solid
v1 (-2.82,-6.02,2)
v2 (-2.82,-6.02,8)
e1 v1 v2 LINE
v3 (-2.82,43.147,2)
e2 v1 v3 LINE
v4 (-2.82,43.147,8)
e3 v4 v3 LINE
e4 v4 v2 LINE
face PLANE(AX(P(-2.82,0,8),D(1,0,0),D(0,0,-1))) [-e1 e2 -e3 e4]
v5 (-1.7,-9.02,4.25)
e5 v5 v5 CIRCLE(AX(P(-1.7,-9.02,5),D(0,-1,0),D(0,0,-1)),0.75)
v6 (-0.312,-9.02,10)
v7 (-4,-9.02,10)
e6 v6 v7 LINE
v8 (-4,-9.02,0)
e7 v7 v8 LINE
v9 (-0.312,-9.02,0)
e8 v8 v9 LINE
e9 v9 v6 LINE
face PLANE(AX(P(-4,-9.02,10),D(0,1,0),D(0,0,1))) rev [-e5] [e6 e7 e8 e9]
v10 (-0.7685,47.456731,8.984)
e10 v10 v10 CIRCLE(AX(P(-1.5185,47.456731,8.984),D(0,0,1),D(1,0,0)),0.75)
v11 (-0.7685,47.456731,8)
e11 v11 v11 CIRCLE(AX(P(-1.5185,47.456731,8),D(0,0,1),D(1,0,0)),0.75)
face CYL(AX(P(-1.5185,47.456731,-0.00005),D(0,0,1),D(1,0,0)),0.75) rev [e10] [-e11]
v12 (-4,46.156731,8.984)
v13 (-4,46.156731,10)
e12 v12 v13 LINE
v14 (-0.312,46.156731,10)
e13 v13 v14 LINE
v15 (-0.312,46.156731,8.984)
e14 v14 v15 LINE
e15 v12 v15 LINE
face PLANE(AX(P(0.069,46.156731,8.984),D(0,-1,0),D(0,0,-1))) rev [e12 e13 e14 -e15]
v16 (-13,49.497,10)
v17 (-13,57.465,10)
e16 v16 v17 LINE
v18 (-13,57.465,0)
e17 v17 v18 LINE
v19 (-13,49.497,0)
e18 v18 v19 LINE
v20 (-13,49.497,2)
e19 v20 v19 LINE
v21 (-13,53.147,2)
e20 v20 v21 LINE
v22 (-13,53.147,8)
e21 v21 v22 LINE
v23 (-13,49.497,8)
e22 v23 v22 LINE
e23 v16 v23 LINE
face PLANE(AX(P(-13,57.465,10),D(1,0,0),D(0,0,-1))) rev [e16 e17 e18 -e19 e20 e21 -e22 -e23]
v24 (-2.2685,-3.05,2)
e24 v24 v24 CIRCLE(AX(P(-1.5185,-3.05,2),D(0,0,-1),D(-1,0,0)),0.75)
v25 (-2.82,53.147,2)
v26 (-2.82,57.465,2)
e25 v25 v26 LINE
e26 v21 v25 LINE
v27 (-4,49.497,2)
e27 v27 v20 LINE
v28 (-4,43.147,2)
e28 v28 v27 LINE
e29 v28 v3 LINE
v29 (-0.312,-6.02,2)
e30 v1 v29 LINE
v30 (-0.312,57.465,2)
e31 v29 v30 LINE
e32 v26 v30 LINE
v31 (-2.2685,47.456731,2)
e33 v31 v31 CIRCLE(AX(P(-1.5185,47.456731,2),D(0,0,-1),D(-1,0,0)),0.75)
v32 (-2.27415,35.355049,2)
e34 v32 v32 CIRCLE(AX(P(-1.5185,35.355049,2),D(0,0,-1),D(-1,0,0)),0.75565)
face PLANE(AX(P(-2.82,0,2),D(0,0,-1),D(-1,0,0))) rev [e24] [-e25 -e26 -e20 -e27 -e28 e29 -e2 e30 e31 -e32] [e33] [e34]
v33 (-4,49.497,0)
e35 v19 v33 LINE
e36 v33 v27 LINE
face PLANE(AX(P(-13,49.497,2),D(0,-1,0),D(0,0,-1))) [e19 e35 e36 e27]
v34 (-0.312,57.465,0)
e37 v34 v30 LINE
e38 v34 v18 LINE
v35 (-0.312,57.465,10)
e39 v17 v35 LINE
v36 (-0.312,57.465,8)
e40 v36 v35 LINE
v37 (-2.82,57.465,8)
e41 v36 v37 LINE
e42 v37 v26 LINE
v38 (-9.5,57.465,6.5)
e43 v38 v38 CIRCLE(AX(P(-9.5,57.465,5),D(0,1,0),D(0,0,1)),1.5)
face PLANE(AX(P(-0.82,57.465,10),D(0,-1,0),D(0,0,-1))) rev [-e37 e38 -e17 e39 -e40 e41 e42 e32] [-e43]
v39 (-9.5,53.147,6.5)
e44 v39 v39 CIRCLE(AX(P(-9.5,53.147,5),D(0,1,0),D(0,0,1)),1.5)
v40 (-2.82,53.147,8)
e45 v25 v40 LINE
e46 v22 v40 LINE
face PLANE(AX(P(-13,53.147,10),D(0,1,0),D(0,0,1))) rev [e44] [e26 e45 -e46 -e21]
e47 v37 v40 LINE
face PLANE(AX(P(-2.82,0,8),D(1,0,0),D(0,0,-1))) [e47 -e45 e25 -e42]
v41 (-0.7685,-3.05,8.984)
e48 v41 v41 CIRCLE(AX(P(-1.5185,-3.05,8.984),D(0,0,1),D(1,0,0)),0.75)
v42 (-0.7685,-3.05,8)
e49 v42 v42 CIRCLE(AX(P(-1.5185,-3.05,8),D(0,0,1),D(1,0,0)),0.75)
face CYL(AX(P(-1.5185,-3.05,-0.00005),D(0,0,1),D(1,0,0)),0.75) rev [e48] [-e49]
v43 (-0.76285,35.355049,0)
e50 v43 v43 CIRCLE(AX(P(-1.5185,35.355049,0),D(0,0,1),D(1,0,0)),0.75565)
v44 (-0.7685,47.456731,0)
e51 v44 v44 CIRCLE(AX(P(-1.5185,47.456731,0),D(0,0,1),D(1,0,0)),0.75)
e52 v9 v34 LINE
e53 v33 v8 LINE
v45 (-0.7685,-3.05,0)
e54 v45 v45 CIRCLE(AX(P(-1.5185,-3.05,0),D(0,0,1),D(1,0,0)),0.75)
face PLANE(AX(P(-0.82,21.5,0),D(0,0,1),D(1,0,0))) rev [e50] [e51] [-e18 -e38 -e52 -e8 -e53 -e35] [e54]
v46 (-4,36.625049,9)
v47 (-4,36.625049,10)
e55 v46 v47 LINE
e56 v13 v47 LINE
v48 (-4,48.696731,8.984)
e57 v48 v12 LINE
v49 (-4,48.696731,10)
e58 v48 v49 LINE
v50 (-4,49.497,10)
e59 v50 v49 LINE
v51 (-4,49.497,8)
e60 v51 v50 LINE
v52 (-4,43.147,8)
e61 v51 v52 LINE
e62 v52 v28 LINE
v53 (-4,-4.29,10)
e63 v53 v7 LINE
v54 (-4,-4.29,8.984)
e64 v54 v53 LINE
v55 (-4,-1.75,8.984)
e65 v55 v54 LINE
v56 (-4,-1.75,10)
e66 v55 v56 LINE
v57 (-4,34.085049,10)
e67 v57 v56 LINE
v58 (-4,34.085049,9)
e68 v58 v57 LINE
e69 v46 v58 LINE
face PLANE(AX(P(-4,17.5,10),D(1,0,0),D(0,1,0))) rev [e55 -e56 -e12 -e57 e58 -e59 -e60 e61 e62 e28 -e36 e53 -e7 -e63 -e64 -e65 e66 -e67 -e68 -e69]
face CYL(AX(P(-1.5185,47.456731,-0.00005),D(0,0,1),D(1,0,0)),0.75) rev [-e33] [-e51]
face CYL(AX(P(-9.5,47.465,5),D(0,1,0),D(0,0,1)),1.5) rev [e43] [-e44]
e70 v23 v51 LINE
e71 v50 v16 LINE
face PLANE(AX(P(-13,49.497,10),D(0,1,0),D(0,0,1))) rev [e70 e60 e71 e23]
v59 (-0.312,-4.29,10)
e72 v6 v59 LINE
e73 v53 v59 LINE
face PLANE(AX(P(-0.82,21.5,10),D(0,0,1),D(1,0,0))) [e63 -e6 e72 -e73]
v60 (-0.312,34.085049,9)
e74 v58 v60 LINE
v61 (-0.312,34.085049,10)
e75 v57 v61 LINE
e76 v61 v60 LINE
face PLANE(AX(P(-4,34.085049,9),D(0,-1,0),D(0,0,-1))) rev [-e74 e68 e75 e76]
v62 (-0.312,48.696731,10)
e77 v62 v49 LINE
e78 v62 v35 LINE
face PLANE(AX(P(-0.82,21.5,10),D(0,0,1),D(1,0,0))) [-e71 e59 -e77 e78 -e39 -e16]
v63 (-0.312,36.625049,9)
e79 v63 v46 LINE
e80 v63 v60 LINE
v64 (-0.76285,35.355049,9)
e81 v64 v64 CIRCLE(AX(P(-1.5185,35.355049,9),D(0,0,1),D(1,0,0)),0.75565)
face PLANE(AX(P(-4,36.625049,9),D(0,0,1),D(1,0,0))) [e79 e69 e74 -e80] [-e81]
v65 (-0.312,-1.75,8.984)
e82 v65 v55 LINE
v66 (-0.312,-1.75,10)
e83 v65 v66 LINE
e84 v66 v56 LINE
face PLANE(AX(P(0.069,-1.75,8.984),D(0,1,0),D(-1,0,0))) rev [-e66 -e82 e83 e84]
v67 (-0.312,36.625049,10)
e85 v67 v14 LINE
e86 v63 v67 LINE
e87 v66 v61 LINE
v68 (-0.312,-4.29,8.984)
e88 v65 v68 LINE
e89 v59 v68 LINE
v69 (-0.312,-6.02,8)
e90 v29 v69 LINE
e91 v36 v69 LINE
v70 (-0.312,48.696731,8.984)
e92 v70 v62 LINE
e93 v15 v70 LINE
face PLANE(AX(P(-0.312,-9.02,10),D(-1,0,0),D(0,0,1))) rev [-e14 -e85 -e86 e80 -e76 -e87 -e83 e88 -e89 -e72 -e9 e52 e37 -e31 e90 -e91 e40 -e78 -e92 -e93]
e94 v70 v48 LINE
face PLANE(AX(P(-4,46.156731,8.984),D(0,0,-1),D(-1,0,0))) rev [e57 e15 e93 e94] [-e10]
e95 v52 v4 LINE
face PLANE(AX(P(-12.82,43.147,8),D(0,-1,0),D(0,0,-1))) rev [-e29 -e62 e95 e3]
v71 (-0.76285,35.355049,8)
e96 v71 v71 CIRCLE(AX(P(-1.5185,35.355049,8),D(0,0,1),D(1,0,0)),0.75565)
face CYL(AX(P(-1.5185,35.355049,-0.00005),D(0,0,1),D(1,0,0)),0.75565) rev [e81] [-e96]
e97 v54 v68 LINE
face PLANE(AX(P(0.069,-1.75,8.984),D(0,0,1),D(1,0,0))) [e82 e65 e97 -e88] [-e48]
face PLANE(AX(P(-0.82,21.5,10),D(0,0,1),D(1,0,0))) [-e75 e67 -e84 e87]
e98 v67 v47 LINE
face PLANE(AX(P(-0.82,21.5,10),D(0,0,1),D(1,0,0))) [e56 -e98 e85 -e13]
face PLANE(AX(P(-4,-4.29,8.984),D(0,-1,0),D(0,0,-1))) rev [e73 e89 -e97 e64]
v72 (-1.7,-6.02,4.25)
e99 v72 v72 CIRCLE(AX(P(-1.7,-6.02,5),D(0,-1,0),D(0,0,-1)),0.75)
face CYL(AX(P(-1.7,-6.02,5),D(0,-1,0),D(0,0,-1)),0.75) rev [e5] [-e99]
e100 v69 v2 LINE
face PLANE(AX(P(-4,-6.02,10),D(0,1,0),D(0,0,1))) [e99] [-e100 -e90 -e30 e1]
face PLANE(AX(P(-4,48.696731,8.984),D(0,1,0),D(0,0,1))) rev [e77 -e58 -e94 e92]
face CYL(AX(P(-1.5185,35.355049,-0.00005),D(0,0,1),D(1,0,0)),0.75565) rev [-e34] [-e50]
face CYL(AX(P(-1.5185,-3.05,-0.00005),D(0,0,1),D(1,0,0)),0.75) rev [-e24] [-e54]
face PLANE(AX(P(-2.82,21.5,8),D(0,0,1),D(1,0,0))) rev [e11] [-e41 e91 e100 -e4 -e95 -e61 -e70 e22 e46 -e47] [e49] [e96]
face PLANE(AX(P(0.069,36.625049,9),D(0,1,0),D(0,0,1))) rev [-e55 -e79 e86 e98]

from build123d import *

# Parameters (mm, degrees)
BOSS_EXTRUDE2_DEPTH = 10
SKETCH2_W           = 6
SKETCH2_H           = 21.5
CUT_EXTRUDE1_DEPTH  = 2
SKETCH18_W          = 10
SKETCH18_H          = 4
CUT_EXTRUDE6_DEPTH  = 2.32
BOSS_EXTRUDE4_DEPTH = 35.965
SKETCH20_W          = 10
SKETCH20_H          = 4.318
BOSS_EXTRUDE5_DEPTH = 9
SKETCH21_W          = 2
SKETCH21_H          = 57.465
BOSS_EXTRUDE6_DEPTH = 0.889
BOSS_EXTRUDE7_DEPTH = 9.02
CUT_EXTRUDE7_DEPTH  = 1.016
SKETCH24_W          = 4.069
SKETCH24_H          = 2.54
CUT_EXTRUDE8_DEPTH  = 1
SKETCH30_R          = 0.75565
CUT_EXTRUDE14_DEPTH = 95.738007626
SKETCH34_R          = 1.5
CUT_EXTRUDE18_DEPTH = 10
SKETCH35_R          = 0.75
CUT_EXTRUDE19_DEPTH = 60.59814159
SKETCH36_W          = 6
SKETCH36_H          = 10
CUT_EXTRUDE20_DEPTH = 10
SKETCH37_W          = 9
SKETCH37_H          = 2
BOSS_EXTRUDE8_DEPTH = 3.65
SKETCH38_W          = 4.069
SKETCH38_H          = 10
BOSS_EXTRUDE9_DEPTH = 3
SKETCH39_R          = 0.75
CUT_EXTRUDE21_DEPTH = 3
SKETCH40_W          = 0.381
SKETCH40_H          = 10
CUT_EXTRUDE22_DEPTH = 69.478136839


with BuildPart() as part:
    # Sketch1 → Boss-Extrude2 (new body)
    with BuildSketch(Plane.XY):
        Polygon((-4, 0), (-0.82, 0), (-0.82, 21.5), (-6.32, 21.5), (-6.32, 17.5), (-4, 17.5), align=None)
    extrude(amount=BOSS_EXTRUDE2_DEPTH)

    # Sketch2 → Cut-Extrude1 (cut)
    with BuildSketch(Plane(origin=(-0.82, 0, 0), x_dir=(0, 0, -1), z_dir=(1, 0, 0))):
        with Locations((-5, 10.75)):
            Rectangle(SKETCH2_W, SKETCH2_H)
    extrude(amount=-CUT_EXTRUDE1_DEPTH, mode=Mode.SUBTRACT)

    # Sketch18 → Cut-Extrude6 (cut)
    with BuildSketch(Plane.ZY.offset(6.32)):
        with Locations((5, 19.5)):
            Rectangle(SKETCH18_W, SKETCH18_H)
    extrude(amount=-CUT_EXTRUDE6_DEPTH, mode=Mode.SUBTRACT)

    # Sketch19 → Boss-Extrude4 (add)
    with BuildSketch(Plane(origin=(0, 21.5, 0), x_dir=(1, 0, 0), z_dir=(0, 1, 0))):
        Polygon((-0.82, -10), (-4, -10), (-4, 0), (-0.82, 0), (-0.82, -2), (-2.82, -2), (-2.82, -8), (-0.82, -8), align=None)
    extrude(amount=BOSS_EXTRUDE4_DEPTH)

    # Sketch20 → Boss-Extrude5 (add)
    with BuildSketch(Plane.ZY.offset(4)):
        with Locations((5, 55.306)):
            Rectangle(SKETCH20_W, SKETCH20_H)
    extrude(amount=BOSS_EXTRUDE5_DEPTH)

    # Sketch21 → Boss-Extrude6 (add)
    with BuildSketch(Plane(origin=(-0.82, 0, 0), x_dir=(0, 0, -1), z_dir=(1, 0, 0))):
        with Locations((-9, 28.7325)):
            Rectangle(SKETCH21_W, SKETCH21_H)
        with Locations((-1, 28.7325)):
            Rectangle(SKETCH21_W, SKETCH21_H)
    extrude(amount=BOSS_EXTRUDE6_DEPTH)

    # Sketch22 → Boss-Extrude7 (add)
    with BuildSketch(Plane.XZ):
        Polygon((-4, 10), (0.069, 10), (0.069, 8), (-2.82, 8), (-2.82, 2), (0.069, 2), (0.069, 0), (-4, 0), align=None)
    extrude(amount=BOSS_EXTRUDE7_DEPTH)

    # Sketch23 → Cut-Extrude7 (cut)
    with BuildSketch(Plane.XY.offset(10)):
        Polygon((0.069, -3.02), (0.069, -4.29), (-4, -4.29), (-4, -1.75), (0.069, -1.75), align=None)
        Polygon((-4, 47.426731456), (-4, 48.696731456), (0.069, 48.696731456), (0.069, 46.156731456), (-4, 46.156731456), align=None)
    extrude(amount=-CUT_EXTRUDE7_DEPTH, mode=Mode.SUBTRACT)

    # Sketch24 → Cut-Extrude8 (cut)
    with BuildSketch(Plane.XY.offset(10)):
        with Locations((-1.9655, 35.355048592)):
            Rectangle(SKETCH24_W, SKETCH24_H)
    extrude(amount=-CUT_EXTRUDE8_DEPTH, mode=Mode.SUBTRACT)

    # Sketch30 → Cut-Extrude14 (cut, through all)
    with BuildSketch(Plane(origin=(35.063086629, -23.678267082, 9), x_dir=(1, 0, 0), z_dir=(0, 0, 1))):
        with Locations((-36.581586629, 59.033315674)):
            Circle(SKETCH30_R)
    extrude(amount=-CUT_EXTRUDE14_DEPTH, mode=Mode.SUBTRACT)

    # Sketch34 → Cut-Extrude18 (cut)
    with BuildSketch(Plane(origin=(0, 57.465, 0), x_dir=(1, 0, 0), z_dir=(0, 1, 0))):
        with Locations(Location((-9.5, -5, 0), (0, 0, 270))):
            Circle(SKETCH34_R)
    extrude(amount=-CUT_EXTRUDE18_DEPTH, mode=Mode.SUBTRACT)

    # Sketch35 → Cut-Extrude19 (cut, through all)
    with BuildSketch(Plane.XY.offset(8.984)):
        with Locations((-1.5185, 47.456731456)):
            Circle(SKETCH35_R)
        with Locations((-1.5185, -3.05)):
            Circle(SKETCH35_R)
    extrude(amount=-CUT_EXTRUDE19_DEPTH, mode=Mode.SUBTRACT)

    # Sketch36 → Cut-Extrude20 (cut)
    with BuildSketch(Plane(origin=(-2.82, 0, 0), x_dir=(0, 0, -1), z_dir=(1, 0, 0))):
        with Locations((-5, 48.147)):
            Rectangle(SKETCH36_W, SKETCH36_H)
    extrude(amount=-CUT_EXTRUDE20_DEPTH, mode=Mode.SUBTRACT)

    # Sketch37 → Boss-Extrude8 (add)
    with BuildSketch(Plane.XZ.offset(-53.147)):
        with Locations((-8.5, 9)):
            Rectangle(SKETCH37_W, SKETCH37_H)
        with Locations((-8.5, 1)):
            Rectangle(SKETCH37_W, SKETCH37_H)
    extrude(amount=BOSS_EXTRUDE8_DEPTH)

    # Sketch38 → Boss-Extrude9 (add)
    with BuildSketch(Plane.XZ.offset(9.02)):
        with Locations((-1.9655, 5)):
            Rectangle(SKETCH38_W, SKETCH38_H)
    extrude(amount=-BOSS_EXTRUDE9_DEPTH)

    # Sketch39 → Cut-Extrude21 (cut)
    with BuildSketch(Plane.XZ.offset(9.02)):
        with Locations(Location((-1.7, 5, 0), (0, 0, 270))):
            Circle(SKETCH39_R)
    extrude(amount=-CUT_EXTRUDE21_DEPTH, mode=Mode.SUBTRACT)

    # Sketch40 → Cut-Extrude22 (cut, through all)
    with BuildSketch(Plane(origin=(0, 57.465, 0), x_dir=(1, 0, 0), z_dir=(0, 1, 0))):
        with Locations((-0.1215, -5)):
            Rectangle(SKETCH40_W, SKETCH40_H)
    extrude(amount=-CUT_EXTRUDE22_DEPTH, mode=Mode.SUBTRACT)


solid = part.part
